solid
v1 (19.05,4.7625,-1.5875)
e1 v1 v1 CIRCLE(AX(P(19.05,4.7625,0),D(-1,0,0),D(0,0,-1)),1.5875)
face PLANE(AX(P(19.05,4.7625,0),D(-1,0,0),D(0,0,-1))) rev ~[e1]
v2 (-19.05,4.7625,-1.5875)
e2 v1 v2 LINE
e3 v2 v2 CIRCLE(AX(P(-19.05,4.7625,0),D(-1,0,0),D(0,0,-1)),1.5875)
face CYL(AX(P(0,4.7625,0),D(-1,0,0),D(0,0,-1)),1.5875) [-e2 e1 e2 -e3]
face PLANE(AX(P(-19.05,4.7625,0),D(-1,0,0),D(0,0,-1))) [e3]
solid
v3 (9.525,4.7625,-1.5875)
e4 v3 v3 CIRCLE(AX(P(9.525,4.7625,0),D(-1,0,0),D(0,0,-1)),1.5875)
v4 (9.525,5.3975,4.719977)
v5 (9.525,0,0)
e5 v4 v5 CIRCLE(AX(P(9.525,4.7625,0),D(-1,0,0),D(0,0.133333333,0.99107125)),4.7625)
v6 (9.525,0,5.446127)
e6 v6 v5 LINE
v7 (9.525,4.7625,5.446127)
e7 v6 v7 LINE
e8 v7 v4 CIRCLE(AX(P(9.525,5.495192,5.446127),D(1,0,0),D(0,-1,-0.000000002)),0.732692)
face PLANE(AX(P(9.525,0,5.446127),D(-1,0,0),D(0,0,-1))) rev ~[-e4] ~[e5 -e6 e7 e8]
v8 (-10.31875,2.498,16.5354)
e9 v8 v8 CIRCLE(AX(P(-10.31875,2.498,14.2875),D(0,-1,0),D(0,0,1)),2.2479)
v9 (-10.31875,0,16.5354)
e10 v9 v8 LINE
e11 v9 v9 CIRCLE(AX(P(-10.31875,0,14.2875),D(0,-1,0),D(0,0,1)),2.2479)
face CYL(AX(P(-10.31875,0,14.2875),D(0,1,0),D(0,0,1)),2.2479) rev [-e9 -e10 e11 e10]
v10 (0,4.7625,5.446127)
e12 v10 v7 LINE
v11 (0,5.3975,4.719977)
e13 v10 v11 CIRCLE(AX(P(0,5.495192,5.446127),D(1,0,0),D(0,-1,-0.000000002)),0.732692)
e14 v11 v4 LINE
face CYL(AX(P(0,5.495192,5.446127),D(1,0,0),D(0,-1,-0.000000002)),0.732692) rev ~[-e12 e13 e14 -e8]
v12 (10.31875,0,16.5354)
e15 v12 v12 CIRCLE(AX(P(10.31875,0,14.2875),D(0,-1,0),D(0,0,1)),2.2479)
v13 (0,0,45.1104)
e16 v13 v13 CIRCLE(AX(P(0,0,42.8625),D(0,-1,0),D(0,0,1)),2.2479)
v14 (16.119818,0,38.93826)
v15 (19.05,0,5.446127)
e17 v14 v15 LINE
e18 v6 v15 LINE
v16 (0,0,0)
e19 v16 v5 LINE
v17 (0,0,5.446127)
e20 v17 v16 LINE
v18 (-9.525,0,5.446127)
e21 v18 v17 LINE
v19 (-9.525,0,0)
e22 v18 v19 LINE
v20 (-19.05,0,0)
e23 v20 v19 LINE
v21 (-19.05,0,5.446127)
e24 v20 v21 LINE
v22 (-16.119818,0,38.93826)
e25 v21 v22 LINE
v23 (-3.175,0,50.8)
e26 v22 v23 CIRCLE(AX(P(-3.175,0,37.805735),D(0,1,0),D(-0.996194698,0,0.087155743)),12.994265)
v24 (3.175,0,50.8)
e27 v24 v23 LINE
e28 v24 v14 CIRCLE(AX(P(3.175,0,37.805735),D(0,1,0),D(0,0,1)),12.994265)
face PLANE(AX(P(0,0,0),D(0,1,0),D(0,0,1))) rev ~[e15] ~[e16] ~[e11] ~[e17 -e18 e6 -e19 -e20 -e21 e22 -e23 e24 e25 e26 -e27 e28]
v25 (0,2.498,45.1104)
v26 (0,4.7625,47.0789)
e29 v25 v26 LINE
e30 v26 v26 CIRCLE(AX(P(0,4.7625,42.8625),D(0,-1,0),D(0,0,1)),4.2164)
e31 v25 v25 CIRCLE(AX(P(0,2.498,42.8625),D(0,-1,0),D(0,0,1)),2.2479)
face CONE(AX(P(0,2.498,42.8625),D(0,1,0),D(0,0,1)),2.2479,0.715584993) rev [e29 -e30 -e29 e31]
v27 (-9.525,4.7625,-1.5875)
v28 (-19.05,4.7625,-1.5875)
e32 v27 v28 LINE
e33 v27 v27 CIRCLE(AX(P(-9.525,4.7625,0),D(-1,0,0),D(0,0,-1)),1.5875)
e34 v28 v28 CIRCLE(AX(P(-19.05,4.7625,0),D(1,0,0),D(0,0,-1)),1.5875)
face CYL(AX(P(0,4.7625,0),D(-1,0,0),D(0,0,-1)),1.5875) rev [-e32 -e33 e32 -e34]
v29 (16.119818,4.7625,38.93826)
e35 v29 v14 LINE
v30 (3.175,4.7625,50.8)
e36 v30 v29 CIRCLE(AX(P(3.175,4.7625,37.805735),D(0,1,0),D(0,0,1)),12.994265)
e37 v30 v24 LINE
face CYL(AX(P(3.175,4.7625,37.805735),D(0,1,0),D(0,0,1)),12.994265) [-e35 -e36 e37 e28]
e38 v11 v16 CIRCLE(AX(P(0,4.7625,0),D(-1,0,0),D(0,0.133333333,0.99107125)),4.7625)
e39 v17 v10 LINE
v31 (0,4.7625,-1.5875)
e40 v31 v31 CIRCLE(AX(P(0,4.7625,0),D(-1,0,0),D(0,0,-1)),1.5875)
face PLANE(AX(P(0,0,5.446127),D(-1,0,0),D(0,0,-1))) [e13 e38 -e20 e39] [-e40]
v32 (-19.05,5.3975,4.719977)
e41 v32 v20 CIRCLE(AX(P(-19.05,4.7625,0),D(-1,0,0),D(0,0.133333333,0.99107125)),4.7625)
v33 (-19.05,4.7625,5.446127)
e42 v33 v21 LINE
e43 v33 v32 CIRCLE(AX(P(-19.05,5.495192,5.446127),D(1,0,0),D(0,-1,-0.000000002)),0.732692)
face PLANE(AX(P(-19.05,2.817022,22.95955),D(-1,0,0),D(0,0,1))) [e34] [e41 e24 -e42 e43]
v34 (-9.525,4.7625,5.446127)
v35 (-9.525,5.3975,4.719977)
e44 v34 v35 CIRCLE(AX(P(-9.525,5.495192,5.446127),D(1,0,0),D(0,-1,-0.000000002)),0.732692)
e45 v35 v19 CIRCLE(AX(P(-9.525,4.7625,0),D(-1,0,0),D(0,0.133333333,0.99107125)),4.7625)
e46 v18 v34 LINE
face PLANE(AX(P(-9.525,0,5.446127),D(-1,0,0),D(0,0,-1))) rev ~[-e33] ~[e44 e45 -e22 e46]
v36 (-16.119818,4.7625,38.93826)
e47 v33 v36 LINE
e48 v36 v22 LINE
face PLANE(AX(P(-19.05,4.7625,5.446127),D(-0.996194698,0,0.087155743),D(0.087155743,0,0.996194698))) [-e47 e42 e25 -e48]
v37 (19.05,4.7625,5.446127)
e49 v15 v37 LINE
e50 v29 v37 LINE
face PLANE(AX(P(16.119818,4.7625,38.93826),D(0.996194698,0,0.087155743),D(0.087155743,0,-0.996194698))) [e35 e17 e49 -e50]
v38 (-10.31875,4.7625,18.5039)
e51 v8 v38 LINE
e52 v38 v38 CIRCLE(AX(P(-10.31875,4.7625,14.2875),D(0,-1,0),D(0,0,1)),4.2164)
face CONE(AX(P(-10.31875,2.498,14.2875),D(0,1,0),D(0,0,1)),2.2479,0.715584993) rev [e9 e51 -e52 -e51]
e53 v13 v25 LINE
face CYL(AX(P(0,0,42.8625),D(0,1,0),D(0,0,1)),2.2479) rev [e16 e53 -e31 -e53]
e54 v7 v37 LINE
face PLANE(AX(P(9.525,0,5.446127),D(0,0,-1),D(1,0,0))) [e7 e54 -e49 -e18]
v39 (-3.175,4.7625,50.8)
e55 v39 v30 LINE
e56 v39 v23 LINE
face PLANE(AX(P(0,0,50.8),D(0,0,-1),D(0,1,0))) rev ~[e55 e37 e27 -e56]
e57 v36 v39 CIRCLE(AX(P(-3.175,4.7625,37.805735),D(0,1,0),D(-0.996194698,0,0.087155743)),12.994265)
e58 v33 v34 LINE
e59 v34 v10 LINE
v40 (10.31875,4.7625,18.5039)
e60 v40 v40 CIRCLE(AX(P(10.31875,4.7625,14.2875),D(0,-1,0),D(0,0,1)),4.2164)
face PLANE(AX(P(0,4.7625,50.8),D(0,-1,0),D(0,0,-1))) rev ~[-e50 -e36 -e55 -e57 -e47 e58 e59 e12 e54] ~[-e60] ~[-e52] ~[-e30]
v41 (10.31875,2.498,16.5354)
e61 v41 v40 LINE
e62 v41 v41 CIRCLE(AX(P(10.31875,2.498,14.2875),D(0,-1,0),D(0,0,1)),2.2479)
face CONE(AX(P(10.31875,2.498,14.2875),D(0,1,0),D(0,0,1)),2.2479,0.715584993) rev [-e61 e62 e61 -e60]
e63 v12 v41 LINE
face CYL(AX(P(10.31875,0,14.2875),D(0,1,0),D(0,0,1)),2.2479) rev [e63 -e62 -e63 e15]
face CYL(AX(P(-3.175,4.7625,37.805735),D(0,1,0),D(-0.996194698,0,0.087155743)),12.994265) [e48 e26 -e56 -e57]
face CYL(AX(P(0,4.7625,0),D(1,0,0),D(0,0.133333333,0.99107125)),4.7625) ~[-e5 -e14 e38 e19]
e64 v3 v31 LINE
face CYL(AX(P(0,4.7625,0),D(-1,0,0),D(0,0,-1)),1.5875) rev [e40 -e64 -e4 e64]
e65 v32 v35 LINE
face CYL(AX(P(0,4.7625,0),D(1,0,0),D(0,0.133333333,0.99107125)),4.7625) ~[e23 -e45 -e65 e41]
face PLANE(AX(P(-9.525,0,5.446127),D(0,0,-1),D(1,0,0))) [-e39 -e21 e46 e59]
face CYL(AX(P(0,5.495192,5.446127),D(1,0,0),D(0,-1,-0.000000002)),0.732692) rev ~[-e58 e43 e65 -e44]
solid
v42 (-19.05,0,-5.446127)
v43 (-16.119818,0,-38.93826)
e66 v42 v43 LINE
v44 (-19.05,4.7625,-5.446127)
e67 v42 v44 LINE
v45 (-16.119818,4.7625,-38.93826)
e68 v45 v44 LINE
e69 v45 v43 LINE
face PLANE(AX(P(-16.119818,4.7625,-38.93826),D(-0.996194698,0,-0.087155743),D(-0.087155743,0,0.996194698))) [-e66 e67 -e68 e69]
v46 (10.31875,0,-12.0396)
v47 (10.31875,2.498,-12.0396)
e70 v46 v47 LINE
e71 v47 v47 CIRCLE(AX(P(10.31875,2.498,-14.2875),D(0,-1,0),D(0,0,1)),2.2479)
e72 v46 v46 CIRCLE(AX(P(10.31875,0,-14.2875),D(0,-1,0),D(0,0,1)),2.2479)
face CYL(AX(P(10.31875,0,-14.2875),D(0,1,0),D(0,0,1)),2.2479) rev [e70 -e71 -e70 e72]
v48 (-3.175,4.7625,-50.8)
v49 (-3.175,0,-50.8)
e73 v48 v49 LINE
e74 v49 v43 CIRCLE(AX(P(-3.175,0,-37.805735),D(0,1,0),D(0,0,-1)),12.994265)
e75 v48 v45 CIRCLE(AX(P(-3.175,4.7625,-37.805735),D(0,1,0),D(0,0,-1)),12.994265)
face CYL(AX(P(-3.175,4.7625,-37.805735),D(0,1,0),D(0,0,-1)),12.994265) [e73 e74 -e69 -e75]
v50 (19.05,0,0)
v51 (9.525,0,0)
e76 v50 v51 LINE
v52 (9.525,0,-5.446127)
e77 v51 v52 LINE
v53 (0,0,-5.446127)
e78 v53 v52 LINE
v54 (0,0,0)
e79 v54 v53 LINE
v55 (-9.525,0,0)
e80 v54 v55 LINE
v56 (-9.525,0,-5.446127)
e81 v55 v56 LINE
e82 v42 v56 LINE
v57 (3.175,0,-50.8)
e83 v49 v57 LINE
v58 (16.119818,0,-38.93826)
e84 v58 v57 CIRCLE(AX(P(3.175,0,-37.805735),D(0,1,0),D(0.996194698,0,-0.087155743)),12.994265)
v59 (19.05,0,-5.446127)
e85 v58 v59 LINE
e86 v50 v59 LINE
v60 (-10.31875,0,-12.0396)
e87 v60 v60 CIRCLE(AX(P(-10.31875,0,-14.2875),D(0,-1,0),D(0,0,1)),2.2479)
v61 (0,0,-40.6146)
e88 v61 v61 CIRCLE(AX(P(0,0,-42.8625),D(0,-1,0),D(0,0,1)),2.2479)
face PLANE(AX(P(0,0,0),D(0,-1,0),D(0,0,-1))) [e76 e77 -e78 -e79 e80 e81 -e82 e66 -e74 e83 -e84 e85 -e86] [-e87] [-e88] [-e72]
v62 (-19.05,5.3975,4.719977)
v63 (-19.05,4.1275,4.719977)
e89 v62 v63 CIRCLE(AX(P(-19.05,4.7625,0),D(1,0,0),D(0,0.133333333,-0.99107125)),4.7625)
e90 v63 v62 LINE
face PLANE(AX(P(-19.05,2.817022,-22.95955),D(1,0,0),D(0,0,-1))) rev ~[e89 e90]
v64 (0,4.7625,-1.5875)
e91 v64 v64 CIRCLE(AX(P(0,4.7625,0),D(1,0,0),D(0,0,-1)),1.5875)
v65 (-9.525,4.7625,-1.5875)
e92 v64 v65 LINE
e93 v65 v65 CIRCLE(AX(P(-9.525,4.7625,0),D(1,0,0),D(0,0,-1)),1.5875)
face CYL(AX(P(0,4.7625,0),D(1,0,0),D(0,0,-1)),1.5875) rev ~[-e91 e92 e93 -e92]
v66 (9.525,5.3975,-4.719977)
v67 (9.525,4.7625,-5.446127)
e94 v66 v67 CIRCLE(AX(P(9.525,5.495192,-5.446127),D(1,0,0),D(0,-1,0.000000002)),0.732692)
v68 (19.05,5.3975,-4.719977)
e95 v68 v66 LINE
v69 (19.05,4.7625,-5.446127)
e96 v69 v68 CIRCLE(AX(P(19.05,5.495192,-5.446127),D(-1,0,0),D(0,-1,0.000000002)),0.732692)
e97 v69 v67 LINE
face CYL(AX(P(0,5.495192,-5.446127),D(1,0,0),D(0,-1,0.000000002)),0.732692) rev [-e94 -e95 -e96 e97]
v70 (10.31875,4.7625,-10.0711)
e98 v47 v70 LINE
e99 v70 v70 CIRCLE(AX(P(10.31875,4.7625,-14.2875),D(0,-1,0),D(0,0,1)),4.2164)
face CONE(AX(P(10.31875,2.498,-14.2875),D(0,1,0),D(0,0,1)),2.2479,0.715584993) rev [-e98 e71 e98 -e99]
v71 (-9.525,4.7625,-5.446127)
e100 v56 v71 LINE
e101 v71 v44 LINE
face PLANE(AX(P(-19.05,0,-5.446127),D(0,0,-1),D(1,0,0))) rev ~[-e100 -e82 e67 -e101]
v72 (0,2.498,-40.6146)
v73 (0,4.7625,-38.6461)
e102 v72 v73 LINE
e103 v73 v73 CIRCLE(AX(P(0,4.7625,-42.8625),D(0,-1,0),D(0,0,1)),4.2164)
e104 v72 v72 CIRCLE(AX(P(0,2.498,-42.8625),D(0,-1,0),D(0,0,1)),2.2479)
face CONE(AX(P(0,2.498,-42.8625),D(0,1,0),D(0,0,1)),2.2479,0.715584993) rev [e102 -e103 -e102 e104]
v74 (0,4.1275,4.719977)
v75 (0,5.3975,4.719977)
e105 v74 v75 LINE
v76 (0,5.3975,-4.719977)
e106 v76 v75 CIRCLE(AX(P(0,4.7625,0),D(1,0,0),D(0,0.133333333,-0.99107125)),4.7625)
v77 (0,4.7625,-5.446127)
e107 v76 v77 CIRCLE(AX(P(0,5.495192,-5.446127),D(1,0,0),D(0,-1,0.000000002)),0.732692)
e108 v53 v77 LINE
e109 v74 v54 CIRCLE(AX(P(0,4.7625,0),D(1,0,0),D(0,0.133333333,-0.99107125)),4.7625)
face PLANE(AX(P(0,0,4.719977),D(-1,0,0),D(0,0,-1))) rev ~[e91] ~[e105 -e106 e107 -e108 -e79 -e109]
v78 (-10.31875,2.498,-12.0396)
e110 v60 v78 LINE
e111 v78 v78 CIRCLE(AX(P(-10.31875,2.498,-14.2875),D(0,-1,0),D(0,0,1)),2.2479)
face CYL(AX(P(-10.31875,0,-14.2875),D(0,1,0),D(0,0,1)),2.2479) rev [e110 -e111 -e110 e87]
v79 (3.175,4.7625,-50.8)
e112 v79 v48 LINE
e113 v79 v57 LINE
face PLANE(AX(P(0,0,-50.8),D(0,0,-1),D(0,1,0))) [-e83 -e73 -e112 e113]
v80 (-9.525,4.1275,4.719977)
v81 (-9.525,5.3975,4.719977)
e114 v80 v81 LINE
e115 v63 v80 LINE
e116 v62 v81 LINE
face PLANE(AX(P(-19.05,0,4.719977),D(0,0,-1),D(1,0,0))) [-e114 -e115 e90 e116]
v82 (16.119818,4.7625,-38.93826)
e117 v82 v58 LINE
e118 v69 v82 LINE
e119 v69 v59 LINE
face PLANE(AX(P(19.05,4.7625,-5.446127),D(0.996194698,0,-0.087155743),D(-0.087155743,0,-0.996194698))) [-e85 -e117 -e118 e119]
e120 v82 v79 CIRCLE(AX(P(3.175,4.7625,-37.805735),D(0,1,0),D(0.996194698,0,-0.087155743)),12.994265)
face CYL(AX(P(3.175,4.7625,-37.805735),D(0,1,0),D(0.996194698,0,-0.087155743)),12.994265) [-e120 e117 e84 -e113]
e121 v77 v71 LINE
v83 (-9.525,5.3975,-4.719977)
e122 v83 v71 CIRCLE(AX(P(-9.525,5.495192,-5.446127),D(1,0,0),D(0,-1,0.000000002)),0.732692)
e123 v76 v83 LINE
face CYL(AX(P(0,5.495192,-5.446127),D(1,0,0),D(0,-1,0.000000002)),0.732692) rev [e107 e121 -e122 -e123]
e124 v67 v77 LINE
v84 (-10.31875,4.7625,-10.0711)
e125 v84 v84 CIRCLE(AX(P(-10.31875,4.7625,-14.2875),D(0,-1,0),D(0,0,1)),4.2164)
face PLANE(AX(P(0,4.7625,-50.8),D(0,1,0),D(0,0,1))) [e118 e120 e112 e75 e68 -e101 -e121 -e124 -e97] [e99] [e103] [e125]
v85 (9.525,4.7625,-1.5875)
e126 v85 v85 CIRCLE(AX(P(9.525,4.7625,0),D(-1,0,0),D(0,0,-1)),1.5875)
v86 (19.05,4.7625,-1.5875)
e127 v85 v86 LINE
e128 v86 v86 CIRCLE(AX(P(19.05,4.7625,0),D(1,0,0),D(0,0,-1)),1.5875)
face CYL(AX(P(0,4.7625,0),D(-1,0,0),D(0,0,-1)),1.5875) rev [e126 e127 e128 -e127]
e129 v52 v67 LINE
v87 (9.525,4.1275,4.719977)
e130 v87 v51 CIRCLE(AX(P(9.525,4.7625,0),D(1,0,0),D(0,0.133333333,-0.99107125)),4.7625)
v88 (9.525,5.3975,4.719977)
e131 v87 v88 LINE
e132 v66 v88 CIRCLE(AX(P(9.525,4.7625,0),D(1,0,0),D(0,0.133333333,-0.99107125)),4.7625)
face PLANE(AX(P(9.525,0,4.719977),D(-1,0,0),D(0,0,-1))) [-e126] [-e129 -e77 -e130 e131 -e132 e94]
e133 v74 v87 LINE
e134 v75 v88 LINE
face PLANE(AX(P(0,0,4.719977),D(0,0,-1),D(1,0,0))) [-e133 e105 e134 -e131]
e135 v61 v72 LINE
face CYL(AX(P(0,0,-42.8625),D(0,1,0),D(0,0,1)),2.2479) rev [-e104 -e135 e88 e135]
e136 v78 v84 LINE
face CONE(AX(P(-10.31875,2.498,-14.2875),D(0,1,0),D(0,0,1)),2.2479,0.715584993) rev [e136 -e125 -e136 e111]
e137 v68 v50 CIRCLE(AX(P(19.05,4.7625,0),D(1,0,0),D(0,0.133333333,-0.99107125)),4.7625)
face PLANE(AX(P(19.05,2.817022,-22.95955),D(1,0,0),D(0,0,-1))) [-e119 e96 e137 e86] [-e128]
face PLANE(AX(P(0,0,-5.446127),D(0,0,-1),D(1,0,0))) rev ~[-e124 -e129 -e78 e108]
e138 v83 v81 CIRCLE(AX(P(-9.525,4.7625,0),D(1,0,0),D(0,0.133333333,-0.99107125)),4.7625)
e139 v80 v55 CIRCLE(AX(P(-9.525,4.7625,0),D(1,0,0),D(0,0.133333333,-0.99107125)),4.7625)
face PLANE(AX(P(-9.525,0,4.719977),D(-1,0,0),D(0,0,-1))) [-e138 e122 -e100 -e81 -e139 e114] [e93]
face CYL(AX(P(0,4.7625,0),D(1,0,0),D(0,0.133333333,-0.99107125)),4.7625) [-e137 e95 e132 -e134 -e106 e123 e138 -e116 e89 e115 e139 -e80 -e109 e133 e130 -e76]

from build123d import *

# Parameters (mm, degrees)
SKETCH2_R                                     = 1.5875
EXTRUDE1_DEPTH                                = 19.05
SKETCH24_W                                    = 9.525
SKETCH24_H                                    = 10.208627108
CUT_EXTRUDE5_DEPTH                            = 10.525
SKETCH4_R                                     = 1.5875
EXTRUDE2_DEPTH                                = 19.05
EXTRUDE2_DEPTH_BACK                           = 19.05
SKETCH25_W                                    = 9.525
SKETCH25_H                                    = 10.166103935
CUT_EXTRUDE6_DEPTH                            = 10.525
SKETCH7_W                                     = 38.1
SKETCH7_H                                     = 1.5875
CUT_EXTRUDE4_DEPTH                            = 1056.132
CSK_FOR_8_FLAT_HEAD_MACHINE_SCREW1_AT_2_COUNT = 2
CSK_FOR_8_FLAT_HEAD_MACHINE_SCREW1_AT_2_PITCH = 30.381033994
CSK_FOR_8_FLAT_HEAD_MACHINE_SCREW1_AT_3_COUNT = 2
CSK_FOR_8_FLAT_HEAD_MACHINE_SCREW1_AT_3_PITCH = 30.381033994
CSK_FOR_8_FLAT_HEAD_MACHINE_SCREW1_AT_4_COUNT = 2
CSK_FOR_8_FLAT_HEAD_MACHINE_SCREW1_AT_4_PITCH = 58.074082873
CSK_FOR_8_FLAT_HEAD_MACHINE_SCREW1_AT_5_COUNT = 2
CSK_FOR_8_FLAT_HEAD_MACHINE_SCREW1_AT_5_PITCH = 58.074082873
CSK_FOR_8_FLAT_HEAD_MACHINE_SCREW1_AT_6_COUNT = 2
CSK_FOR_8_FLAT_HEAD_MACHINE_SCREW1_AT_6_PITCH = 85.725


with BuildPart() as part:
    # Sketch2 → Extrude1 (new body, symmetric)
    with BuildSketch(Plane(origin=(0, 0, 0), x_dir=(0, 0, -1), z_dir=(1, 0, 0))):
        with BuildLine():
            Line((0, 0), (-50.8, 0))
            Line((-50.8, 0), (-50.8, 4.7625))
            Line((-50.8, 4.7625), (-5.446127108, 4.7625))
            ThreePointArc((-5.446127108, 4.7625), (-4.963809985, 4.943641576), (-4.719976827, 5.3975))
            ThreePointArc((-4.719976827, 5.3975), (3.585079759, 7.897561303), (0, 0))
        make_face()
        with Locations((0, 4.7625)):
            Circle(SKETCH2_R, mode=Mode.SUBTRACT)
    extrude(amount=EXTRUDE1_DEPTH, both=True)

    # Sketch24 → Cut-Extrude5 (cut, through all)
    with BuildSketch(Plane(origin=(0, 0, 0), x_dir=(1, 0, 0), z_dir=(0, 1, 0))):
        with Locations((-4.7625, -0.341813554)):
            Rectangle(SKETCH24_W, SKETCH24_H)
        with Locations((14.2875, -0.341813554)):
            Rectangle(SKETCH24_W, SKETCH24_H)
    extrude(amount=CUT_EXTRUDE5_DEPTH, mode=Mode.SUBTRACT)


with BuildPart() as body_2:
    # Sketch4 → Extrude2 (new body, two sides)
    with BuildSketch(Plane(origin=(0, 0, 0), x_dir=(0, 0, -1), z_dir=(1, 0, 0))) as extrude2_sk:
        with BuildLine():
            Line((0, 0), (50.8, 0))
            Line((50.8, 0), (50.8, 4.7625))
            Line((50.8, 4.7625), (5.446127108, 4.7625))
            ThreePointArc((5.446127108, 4.7625), (4.963809985, 4.943641576), (4.719976827, 5.3975))
            ThreePointArc((4.719976827, 5.3975), (-3.585079759, 7.897561303), (0, 0))
        make_face()
        with Locations((0, 4.7625)):
            Circle(SKETCH4_R, mode=Mode.SUBTRACT)
    extrude(amount=EXTRUDE2_DEPTH)
    extrude(extrude2_sk.sketch, amount=-EXTRUDE2_DEPTH_BACK)

    # Sketch25 → Cut-Extrude6 (cut, through all)
    with BuildSketch(Plane(origin=(0, 0, 0), x_dir=(1, 0, 0), z_dir=(0, 1, 0))):
        with Locations((-14.2875, 0.363075141)):
            Rectangle(SKETCH25_W, SKETCH25_H)
        with Locations((4.7625, 0.363075141)):
            Rectangle(SKETCH25_W, SKETCH25_H)
    extrude(amount=CUT_EXTRUDE6_DEPTH, mode=Mode.SUBTRACT)


with BuildPart() as body_3:
    # Sketch7 → Revolve1 (revolve)
    with BuildSketch(Plane(origin=(0, 4.7625, 0), x_dir=(-1, 0, 0), z_dir=(0, 1, 0))):
        with Locations((0, -0.79375)):
            Rectangle(SKETCH7_W, SKETCH7_H)
    revolve(axis=Axis((19.05, 4.7625, 0), (-1, 0, 0)))


with BuildPart() as cut_extrude4_tool:
    # Sketch8 → Cut-Extrude4 (new body)
    with BuildSketch(Plane(origin=(0, 4.7625, 0), x_dir=(-1, 0, 0), z_dir=(0, 1, 0))):
        with BuildLine():
            Line((-19.05, -5.446127108), (-16.119818086, -38.938259646))
            ThreePointArc((-16.119818086, -38.938259646), (-11.953798316, -47.386112044), (-3.175, -50.8))
            Line((-3.175, -50.8), (3.175, -50.8))
            ThreePointArc((3.175, -50.8), (11.953798316, -47.386112044), (16.119818086, -38.938259646))
            Line((16.119818086, -38.938259646), (19.05, -5.446127108))
            Line((19.05, -5.446127108), (22.119129983, -5.446127108))
            Line((22.119129983, -5.446127108), (22.119129983, -53.464086311))
            Line((22.119129983, -53.464086311), (-22.119129983, -53.464086311))
            Line((-22.119129983, -53.464086311), (-22.119129983, -5.446127108))
            Line((-22.119129983, -5.446127108), (-19.05, -5.446127108))
        make_face()
        with BuildLine():
            Line((3.175, 50.8), (-3.175, 50.8))
            ThreePointArc((-3.175, 50.8), (-11.953798316, 47.386112044), (-16.119818086, 38.938259646))
            Line((-16.119818086, 38.938259646), (-19.05, 5.446127108))
            Line((-19.05, 5.446127108), (-22.119129983, 5.446127108))
            Line((-22.119129983, 5.446127108), (-22.119129983, 53.464086311))
            Line((-22.119129983, 53.464086311), (22.119129983, 53.464086311))
            Line((22.119129983, 53.464086311), (22.119129983, 5.446127108))
            Line((22.119129983, 5.446127108), (19.05, 5.446127108))
            Line((19.05, 5.446127108), (16.119818086, 38.938259646))
            ThreePointArc((16.119818086, 38.938259646), (11.953798316, 47.386112044), (3.175, 50.8))
        make_face()
    extrude(amount=-CUT_EXTRUDE4_DEPTH)


with BuildPart() as part_1:
    add(part.part)

    # Cut-Extrude4: cut by cut_extrude4_tool
    add(cut_extrude4_tool.part, mode=Mode.SUBTRACT)


with BuildPart() as body_2_1:
    add(body_2.part)

    # Cut-Extrude4: cut by cut_extrude4_tool
    add(cut_extrude4_tool.part, mode=Mode.SUBTRACT)

    # Sketch13 → CSK for #8 Flat Head Machine Screw1 (revolve, cut)
    with BuildSketch(Plane(origin=(0, 4.7625, -42.8625), x_dir=(0, 0, 1), z_dir=(1, 0, 0))):
        Polygon((0, 0), (0, 4.7625), (2.2479, 4.7625), (2.2479, 2.26450021), (4.2164, 0), align=None)
    csk_for_8_flat_head_machine_screw1 = revolve(axis=Axis((0, 11.1125, -42.8625), (0, -1, 0)), mode=Mode.SUBTRACT)

    # CSK for #8 Flat Head Machine Screw1 at 2: CSK for #8 Flat Head Machine Screw1 ×2
    with Locations(*[Vector(-0.339644464, 0, 0.9405539) * (i * CSK_FOR_8_FLAT_HEAD_MACHINE_SCREW1_AT_2_PITCH) for i in range(1, CSK_FOR_8_FLAT_HEAD_MACHINE_SCREW1_AT_2_COUNT)]):
        add(csk_for_8_flat_head_machine_screw1, mode=Mode.SUBTRACT)

    # CSK for #8 Flat Head Machine Screw1 at 3: CSK for #8 Flat Head Machine Screw1 ×2
    with Locations(*[Vector(0.339644464, 0, 0.9405539) * (i * CSK_FOR_8_FLAT_HEAD_MACHINE_SCREW1_AT_3_PITCH) for i in range(1, CSK_FOR_8_FLAT_HEAD_MACHINE_SCREW1_AT_3_COUNT)]):
        add(csk_for_8_flat_head_machine_screw1, mode=Mode.SUBTRACT)


with BuildPart() as part_2:
    add(part_1.part)

    # CSK for #8 Flat Head Machine Screw1 at 4: CSK for #8 Flat Head Machine Screw1 ×2
    with Locations(*[Vector(-0.17768253, 0, 0.984087861) * (i * CSK_FOR_8_FLAT_HEAD_MACHINE_SCREW1_AT_4_PITCH) for i in range(1, CSK_FOR_8_FLAT_HEAD_MACHINE_SCREW1_AT_4_COUNT)]):
        add(csk_for_8_flat_head_machine_screw1, mode=Mode.SUBTRACT)

    # CSK for #8 Flat Head Machine Screw1 at 5: CSK for #8 Flat Head Machine Screw1 ×2
    with Locations(*[Vector(0.17768253, 0, 0.984087861) * (i * CSK_FOR_8_FLAT_HEAD_MACHINE_SCREW1_AT_5_PITCH) for i in range(1, CSK_FOR_8_FLAT_HEAD_MACHINE_SCREW1_AT_5_COUNT)]):
        add(csk_for_8_flat_head_machine_screw1, mode=Mode.SUBTRACT)

    # CSK for #8 Flat Head Machine Screw1 at 6: CSK for #8 Flat Head Machine Screw1 ×2
    with Locations(*[(0, 0, i * CSK_FOR_8_FLAT_HEAD_MACHINE_SCREW1_AT_6_PITCH) for i in range(1, CSK_FOR_8_FLAT_HEAD_MACHINE_SCREW1_AT_6_COUNT)]):
        add(csk_for_8_flat_head_machine_screw1, mode=Mode.SUBTRACT)


solid = Compound([body_3.part, body_2_1.part, part_2.part])
